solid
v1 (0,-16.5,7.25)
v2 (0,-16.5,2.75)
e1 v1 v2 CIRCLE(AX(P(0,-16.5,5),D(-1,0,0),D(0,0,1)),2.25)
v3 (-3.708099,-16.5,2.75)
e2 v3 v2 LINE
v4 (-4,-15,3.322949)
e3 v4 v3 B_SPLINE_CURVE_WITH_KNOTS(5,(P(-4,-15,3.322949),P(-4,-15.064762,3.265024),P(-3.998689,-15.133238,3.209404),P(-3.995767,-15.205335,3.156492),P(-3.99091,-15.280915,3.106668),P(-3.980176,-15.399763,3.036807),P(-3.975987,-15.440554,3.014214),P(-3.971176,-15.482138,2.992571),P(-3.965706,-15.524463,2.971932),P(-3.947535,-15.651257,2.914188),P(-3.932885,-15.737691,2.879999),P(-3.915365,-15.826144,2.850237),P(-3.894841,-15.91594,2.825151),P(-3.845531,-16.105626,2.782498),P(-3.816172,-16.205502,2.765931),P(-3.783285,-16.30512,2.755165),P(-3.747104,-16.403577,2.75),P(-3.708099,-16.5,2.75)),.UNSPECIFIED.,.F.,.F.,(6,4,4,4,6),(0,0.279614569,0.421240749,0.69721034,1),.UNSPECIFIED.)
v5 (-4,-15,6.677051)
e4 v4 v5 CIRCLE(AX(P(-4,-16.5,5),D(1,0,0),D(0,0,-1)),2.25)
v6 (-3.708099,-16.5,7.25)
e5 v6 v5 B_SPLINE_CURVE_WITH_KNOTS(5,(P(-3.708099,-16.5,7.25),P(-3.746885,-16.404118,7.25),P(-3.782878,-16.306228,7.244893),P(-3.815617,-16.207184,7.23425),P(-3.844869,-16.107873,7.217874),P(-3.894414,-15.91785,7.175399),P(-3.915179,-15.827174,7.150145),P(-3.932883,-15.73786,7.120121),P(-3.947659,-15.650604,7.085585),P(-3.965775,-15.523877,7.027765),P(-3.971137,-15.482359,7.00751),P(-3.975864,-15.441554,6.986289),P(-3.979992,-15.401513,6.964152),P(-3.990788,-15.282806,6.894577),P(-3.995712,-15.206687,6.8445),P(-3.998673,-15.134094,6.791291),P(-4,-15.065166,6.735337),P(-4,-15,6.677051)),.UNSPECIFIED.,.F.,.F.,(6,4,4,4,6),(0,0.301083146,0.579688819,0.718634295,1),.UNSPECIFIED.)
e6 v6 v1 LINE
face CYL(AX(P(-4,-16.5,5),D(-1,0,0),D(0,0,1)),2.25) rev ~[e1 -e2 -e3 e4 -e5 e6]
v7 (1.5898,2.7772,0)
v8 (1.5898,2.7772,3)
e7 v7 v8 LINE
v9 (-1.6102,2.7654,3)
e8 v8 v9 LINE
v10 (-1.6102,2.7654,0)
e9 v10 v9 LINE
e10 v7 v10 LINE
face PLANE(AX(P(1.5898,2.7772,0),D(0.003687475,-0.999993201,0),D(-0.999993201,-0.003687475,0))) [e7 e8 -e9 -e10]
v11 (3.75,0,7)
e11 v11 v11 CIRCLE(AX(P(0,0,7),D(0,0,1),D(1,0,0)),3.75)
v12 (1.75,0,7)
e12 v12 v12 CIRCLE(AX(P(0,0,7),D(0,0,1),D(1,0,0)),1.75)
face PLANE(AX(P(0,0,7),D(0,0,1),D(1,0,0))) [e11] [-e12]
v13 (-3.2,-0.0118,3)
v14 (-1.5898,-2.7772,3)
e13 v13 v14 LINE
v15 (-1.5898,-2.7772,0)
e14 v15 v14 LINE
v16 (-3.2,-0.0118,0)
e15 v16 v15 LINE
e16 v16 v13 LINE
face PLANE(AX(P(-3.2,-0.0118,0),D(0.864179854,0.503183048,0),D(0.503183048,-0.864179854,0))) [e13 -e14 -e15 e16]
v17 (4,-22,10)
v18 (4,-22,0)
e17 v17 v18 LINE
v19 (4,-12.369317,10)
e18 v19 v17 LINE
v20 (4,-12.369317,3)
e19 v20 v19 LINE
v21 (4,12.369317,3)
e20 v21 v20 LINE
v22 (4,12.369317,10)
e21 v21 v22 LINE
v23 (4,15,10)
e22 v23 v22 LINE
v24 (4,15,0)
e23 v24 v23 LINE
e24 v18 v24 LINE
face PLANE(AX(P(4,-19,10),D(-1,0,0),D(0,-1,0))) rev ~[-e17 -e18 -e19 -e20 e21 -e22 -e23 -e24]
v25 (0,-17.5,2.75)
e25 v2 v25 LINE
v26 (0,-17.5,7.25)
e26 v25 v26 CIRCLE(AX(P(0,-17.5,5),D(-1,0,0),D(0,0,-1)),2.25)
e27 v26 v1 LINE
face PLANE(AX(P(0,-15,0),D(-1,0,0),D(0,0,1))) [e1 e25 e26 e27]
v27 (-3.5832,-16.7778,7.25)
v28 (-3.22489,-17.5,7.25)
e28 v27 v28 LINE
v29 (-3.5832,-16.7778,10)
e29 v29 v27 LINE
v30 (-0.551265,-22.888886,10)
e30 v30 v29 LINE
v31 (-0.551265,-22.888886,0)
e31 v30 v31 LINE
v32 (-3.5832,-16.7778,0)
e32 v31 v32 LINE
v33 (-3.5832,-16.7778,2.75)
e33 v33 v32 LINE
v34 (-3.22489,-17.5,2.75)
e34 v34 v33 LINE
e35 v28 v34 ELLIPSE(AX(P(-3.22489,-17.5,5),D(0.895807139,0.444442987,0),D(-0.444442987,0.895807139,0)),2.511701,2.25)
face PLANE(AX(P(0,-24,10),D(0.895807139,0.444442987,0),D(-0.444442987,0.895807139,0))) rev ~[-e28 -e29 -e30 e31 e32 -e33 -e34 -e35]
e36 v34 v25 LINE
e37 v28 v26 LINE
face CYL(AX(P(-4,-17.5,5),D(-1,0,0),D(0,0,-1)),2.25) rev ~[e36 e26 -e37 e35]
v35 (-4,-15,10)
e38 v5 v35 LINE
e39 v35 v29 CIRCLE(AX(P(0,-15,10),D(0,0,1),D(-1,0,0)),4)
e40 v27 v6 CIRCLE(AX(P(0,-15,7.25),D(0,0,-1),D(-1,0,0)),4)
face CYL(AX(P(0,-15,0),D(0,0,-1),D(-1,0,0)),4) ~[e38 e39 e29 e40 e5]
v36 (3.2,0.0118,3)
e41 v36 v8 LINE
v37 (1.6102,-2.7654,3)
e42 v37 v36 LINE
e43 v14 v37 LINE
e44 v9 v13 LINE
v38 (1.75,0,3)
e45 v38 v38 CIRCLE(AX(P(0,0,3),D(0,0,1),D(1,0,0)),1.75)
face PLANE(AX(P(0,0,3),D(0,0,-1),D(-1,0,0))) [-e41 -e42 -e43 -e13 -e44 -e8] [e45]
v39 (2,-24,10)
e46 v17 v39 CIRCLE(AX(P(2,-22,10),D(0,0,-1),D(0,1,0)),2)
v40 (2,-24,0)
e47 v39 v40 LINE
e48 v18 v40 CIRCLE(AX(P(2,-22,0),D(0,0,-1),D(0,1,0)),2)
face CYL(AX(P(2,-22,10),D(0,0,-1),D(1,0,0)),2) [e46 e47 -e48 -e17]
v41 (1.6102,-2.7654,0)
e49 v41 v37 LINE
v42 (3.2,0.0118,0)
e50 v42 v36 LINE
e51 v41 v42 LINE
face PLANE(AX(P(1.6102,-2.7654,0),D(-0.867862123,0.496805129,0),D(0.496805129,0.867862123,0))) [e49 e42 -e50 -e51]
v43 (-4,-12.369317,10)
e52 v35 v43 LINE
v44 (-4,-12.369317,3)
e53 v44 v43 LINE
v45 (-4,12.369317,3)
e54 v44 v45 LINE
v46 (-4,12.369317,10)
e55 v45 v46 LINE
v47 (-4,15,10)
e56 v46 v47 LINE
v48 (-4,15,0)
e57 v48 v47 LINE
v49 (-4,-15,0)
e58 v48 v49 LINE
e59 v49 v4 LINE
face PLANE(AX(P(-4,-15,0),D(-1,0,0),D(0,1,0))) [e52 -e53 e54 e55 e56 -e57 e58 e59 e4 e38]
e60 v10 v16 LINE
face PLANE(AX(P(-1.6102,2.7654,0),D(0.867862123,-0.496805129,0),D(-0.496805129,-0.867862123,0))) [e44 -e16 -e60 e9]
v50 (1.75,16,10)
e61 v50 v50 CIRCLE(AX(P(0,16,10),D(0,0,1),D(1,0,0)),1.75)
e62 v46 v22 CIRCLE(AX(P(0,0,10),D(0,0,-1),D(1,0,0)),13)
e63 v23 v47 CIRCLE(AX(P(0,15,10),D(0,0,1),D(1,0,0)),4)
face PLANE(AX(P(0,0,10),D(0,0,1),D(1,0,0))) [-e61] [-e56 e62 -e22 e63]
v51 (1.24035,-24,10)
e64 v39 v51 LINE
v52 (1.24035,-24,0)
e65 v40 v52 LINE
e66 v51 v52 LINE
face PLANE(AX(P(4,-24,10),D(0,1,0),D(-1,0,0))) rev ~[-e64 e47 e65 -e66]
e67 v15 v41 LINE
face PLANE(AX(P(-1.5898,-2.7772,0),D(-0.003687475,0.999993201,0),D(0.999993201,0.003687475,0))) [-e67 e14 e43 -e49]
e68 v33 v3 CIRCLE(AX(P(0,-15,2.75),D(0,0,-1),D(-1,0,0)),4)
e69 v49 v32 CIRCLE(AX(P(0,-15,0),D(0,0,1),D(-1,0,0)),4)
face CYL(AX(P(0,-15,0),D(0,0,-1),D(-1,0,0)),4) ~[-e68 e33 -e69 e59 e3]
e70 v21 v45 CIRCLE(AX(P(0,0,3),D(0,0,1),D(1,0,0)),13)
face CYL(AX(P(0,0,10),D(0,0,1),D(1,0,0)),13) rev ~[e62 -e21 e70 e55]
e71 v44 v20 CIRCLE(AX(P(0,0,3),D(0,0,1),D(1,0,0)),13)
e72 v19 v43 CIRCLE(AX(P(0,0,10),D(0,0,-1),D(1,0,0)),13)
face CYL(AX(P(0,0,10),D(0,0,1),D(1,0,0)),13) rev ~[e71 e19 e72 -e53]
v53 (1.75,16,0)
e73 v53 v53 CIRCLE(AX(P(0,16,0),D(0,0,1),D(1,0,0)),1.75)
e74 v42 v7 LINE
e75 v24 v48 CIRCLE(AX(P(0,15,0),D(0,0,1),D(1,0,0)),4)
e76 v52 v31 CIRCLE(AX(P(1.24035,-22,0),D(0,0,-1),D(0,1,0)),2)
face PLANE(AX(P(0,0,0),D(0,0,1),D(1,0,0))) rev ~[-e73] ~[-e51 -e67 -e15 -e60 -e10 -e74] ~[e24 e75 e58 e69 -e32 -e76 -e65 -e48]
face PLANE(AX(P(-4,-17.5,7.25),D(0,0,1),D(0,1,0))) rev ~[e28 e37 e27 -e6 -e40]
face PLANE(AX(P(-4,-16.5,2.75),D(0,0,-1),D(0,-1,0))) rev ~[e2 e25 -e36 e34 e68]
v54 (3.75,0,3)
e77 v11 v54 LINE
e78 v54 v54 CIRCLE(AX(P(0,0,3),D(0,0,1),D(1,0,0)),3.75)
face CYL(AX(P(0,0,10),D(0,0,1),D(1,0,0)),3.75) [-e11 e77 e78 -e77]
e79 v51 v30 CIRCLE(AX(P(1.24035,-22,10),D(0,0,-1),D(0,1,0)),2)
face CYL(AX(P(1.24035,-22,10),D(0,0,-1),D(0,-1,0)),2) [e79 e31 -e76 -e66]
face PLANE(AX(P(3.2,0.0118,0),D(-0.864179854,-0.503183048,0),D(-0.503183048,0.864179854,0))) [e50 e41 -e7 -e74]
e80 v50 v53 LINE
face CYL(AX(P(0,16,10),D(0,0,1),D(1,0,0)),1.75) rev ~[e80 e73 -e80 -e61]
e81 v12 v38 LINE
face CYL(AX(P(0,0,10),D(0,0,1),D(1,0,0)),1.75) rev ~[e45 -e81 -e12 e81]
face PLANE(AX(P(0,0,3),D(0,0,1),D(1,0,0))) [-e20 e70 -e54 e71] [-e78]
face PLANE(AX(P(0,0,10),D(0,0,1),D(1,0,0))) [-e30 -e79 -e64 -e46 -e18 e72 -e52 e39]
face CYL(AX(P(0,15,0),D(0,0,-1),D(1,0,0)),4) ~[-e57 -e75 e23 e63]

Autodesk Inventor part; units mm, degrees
ref_plane "YZ Plane" through (0, 0, 0) normal (1, 0, 0) x (0, 1, 0)
ref_plane "XZ Plane" through (0, 0, 0) normal (0, 1, 0) x (-1, 0, 0)
ref_plane "XY Plane" through (0, 0, 0) normal (0, 0, 1) x (1, 0, 0)
sketch "Sketch1" plane through (0, 0, 0) normal (0, 0, 1) x (1, 0, 0)
  line L0 (0, -15) -> (0, 15) construction
  line L1 (-4, -15) -> (-4, 15)
  line L2 (4, 15) -> (4, -15)
  arc A0 (-4, -15) -> (0, -19) centre (0, -15) ccw
  arc A1 (4, 15) -> (-4, 15) centre (0, 15) ccw
  line L3 (4, -15) -> (0, -15)
  line L4 (-4, -11) -> (-4, -19)
  line L5 (-4, -19) -> (4, -19)
  line L6 (4, -19) -> (4, -15)
  point P0 (0, 0)
  point P1 (0, 0)
  dimension "d0" = 4
  dimension "d17" = 30
extrude "Extrusion1" add sketch "Sketch1" along normal blind 10 contours L1 A1 L2 L6 L5 A0
sketch "Sketch2" plane through (0, 0, 10) normal (0, 0, 1) x (1, 0, 0)
  line L0 (-4, 15) -> (-4, -15) projected
  arc A0 (-4, -15) -> (0, -19) centre (0, -15) ccw projected
  line L1 (4, -19) -> (4, 15) projected
  arc A1 (4, 15) -> (-4, 15) centre (0, 15) ccw projected
  circle A2 centre (0, 0) radius 13
  circle A3 centre (0, 0) radius 3.75
  line L2 (0, -19) -> (4, -19) projected
  dimension "d3" = 26
  dimension "d4" = 7.5
extrude "Extrusion2" cut sketch "Sketch2" against normal blind 7 contours A2 L1 L0 | L0 A2 | A2 L1
sketch "Sketch3" plane through (0, 0, 10) normal (0, 0, 1) x (1, 0, 0)
  circle A0 centre (0, 0) radius 3.75 projected
  circle A1 centre (0, 0) radius 1.75
  line L0 (-4, -12.3693) -> (-4, -15) projected
  line L1 (4, 12.3693) -> (4, 15) projected
  arc A2 (4, 12.3693) -> (-4, 12.3693) centre (0, 0) ccw projected
  arc A3 (4, 15) -> (-4, 15) centre (0, 15) ccw projected
  arc A4 (-4, -12.3693) -> (4, -12.3693) centre (0, 0) ccw projected
  arc A5 (-4, -15) -> (0, -19) centre (0, -15) ccw projected
  line L2 (0, -19) -> (4, -19) projected
  line L3 (-4, 15) -> (-4, 12.3693) projected
  line L4 (4, -19) -> (4, -12.3693) projected
  dimension "d7" = 3.5
extrude "Extrusion3" cut sketch "Sketch3" against normal through all contours A1
sketch "Sketch4" plane through (0, 0, 0) normal (0, 0, -1) x (-1, 0, 0)
  circle A0 centre (0, 0) radius 1.75 projected
  line L0 (4, -15) -> (4, 15) projected
  arc A1 (4, 15) -> (-4, 15) centre (0, 15) ccw projected
  line L1 (-4, 15) -> (-4, -19) projected
  arc A2 (0, -19) -> (4, -15) centre (0, -15) ccw projected
  circle A3 centre (0, 0) radius 1.75 projected
  line L2 (1.5898, -2.7772) -> (-1.6102, -2.7654)
  line L3 (-1.6102, -2.7654) -> (-3.2, 0.0118)
  line L4 (-3.2, 0.0118) -> (-1.5898, 2.7772)
  line L5 (-1.5898, 2.7772) -> (1.6102, 2.7654)
  line L6 (1.6102, 2.7654) -> (3.2, -0.0118)
  line L7 (3.2, -0.0118) -> (1.5898, -2.7772)
  circle A4 centre (0, 0) radius 3.2
  line L8 (-4, -19) -> (0, -19) projected
  dimension "d10" = 6.4
extrude "Extrusion4" cut sketch "Sketch4" against normal blind 3 contours L2 L3 L4 L5 L6 L7
sketch "Sketch8" plane through (0, 0, 10) normal (0, 0, 1) x (1, 0, 0)
  arc A0 (4, 12.3693) -> (-4, 12.3693) centre (0, 0) ccw projected
  line L0 (4, 12.3693) -> (4, 15) projected
  arc A1 (4, 15) -> (-4, 15) centre (0, 15) ccw projected
  line L1 (-4, 15) -> (-4, 12.3693) projected
  circle A2 centre (0, 16) radius 1.75
  dimension "d28" = 3.5
  dimension "d40" = 1
  dimension "d41" = 5.402
extrude "Extrusion8" cut sketch "Sketch8" against normal through all contours A2
sketch "Sketch10" plane through (0, 0, 10) normal (0, 0, 1) x (1, 0, 0)
  circle A0 centre (0, 0) radius 1.75 projected
  circle A1 centre (0, 0) radius 1.75 projected
  circle A2 centre (0, 0) radius 3.75 projected
extrude "Extrusion10" cut sketch "Sketch10" against normal blind 3
sketch "Sketch12" plane through (0, 0, 10) normal (0, 0, 1) x (1, 0, 0)
  arc A0 (-4, -12.3693) -> (4, -12.3693) centre (0, 0) ccw projected
  line L0 (-4, -12.3693) -> (-4, -15) projected
  arc A1 (-4, -15) -> (0, -19) centre (0, -15) ccw projected
  line L1 (0, -19) -> (4, -19) projected
  line L2 (4, -19) -> (4, -12.3693) projected
  line L3 (4, -19) -> (4, -24)
  line L4 (4, -24) -> (0, -24)
  line L5 (0, -24) -> (-3.5832, -16.7778)
  arc A2 (-4, -15) -> (0, -19) centre (0, -15) ccw projected
  arc A3 (-4, -15) -> (0, -19) centre (0, -15) ccw projected
  line L6 (0, -19) -> (4, -19) projected
  dimension "d42" = 5
extrude "Extrusion11" add sketch "Sketch12" against normal up to surface (10 mm away) from surface at 0 contours L3 L4 L5 A1 L1
sketch "Sketch9" plane through (-4, -15, 0) normal (-1, 0, 0) x (0, 0, 1)
  line L0 (0, 0) -> (10, 0) projected
  line L1 (5, -1.5) -> (5, -2.5) construction
  line L2 (2.75, -1.5) -> (2.75, -2.5)
  line L3 (7.25, -2.5) -> (7.25, -1.5)
  arc A0 (7.25, -1.5) -> (2.75, -1.5) centre (5, -1.5) ccw
  arc A1 (2.75, -2.5) -> (7.25, -2.5) centre (5, -2.5) ccw
  line L4 (3, 2.6307) -> (3, 27.3693) projected
  point P0 (0, 15)
  point P1 (5, -2)
  dimension "d31" = 4.5
  dimension "d34" = 2
  dimension "d45" = 2
extrude "Extrusion9" cut sketch "Sketch9" against normal blind 4
fillet "Fillet4" radius 2 2 edges at (0, -24, 5) (4, -24, 5)
properties part number "rodamiento0.2"
